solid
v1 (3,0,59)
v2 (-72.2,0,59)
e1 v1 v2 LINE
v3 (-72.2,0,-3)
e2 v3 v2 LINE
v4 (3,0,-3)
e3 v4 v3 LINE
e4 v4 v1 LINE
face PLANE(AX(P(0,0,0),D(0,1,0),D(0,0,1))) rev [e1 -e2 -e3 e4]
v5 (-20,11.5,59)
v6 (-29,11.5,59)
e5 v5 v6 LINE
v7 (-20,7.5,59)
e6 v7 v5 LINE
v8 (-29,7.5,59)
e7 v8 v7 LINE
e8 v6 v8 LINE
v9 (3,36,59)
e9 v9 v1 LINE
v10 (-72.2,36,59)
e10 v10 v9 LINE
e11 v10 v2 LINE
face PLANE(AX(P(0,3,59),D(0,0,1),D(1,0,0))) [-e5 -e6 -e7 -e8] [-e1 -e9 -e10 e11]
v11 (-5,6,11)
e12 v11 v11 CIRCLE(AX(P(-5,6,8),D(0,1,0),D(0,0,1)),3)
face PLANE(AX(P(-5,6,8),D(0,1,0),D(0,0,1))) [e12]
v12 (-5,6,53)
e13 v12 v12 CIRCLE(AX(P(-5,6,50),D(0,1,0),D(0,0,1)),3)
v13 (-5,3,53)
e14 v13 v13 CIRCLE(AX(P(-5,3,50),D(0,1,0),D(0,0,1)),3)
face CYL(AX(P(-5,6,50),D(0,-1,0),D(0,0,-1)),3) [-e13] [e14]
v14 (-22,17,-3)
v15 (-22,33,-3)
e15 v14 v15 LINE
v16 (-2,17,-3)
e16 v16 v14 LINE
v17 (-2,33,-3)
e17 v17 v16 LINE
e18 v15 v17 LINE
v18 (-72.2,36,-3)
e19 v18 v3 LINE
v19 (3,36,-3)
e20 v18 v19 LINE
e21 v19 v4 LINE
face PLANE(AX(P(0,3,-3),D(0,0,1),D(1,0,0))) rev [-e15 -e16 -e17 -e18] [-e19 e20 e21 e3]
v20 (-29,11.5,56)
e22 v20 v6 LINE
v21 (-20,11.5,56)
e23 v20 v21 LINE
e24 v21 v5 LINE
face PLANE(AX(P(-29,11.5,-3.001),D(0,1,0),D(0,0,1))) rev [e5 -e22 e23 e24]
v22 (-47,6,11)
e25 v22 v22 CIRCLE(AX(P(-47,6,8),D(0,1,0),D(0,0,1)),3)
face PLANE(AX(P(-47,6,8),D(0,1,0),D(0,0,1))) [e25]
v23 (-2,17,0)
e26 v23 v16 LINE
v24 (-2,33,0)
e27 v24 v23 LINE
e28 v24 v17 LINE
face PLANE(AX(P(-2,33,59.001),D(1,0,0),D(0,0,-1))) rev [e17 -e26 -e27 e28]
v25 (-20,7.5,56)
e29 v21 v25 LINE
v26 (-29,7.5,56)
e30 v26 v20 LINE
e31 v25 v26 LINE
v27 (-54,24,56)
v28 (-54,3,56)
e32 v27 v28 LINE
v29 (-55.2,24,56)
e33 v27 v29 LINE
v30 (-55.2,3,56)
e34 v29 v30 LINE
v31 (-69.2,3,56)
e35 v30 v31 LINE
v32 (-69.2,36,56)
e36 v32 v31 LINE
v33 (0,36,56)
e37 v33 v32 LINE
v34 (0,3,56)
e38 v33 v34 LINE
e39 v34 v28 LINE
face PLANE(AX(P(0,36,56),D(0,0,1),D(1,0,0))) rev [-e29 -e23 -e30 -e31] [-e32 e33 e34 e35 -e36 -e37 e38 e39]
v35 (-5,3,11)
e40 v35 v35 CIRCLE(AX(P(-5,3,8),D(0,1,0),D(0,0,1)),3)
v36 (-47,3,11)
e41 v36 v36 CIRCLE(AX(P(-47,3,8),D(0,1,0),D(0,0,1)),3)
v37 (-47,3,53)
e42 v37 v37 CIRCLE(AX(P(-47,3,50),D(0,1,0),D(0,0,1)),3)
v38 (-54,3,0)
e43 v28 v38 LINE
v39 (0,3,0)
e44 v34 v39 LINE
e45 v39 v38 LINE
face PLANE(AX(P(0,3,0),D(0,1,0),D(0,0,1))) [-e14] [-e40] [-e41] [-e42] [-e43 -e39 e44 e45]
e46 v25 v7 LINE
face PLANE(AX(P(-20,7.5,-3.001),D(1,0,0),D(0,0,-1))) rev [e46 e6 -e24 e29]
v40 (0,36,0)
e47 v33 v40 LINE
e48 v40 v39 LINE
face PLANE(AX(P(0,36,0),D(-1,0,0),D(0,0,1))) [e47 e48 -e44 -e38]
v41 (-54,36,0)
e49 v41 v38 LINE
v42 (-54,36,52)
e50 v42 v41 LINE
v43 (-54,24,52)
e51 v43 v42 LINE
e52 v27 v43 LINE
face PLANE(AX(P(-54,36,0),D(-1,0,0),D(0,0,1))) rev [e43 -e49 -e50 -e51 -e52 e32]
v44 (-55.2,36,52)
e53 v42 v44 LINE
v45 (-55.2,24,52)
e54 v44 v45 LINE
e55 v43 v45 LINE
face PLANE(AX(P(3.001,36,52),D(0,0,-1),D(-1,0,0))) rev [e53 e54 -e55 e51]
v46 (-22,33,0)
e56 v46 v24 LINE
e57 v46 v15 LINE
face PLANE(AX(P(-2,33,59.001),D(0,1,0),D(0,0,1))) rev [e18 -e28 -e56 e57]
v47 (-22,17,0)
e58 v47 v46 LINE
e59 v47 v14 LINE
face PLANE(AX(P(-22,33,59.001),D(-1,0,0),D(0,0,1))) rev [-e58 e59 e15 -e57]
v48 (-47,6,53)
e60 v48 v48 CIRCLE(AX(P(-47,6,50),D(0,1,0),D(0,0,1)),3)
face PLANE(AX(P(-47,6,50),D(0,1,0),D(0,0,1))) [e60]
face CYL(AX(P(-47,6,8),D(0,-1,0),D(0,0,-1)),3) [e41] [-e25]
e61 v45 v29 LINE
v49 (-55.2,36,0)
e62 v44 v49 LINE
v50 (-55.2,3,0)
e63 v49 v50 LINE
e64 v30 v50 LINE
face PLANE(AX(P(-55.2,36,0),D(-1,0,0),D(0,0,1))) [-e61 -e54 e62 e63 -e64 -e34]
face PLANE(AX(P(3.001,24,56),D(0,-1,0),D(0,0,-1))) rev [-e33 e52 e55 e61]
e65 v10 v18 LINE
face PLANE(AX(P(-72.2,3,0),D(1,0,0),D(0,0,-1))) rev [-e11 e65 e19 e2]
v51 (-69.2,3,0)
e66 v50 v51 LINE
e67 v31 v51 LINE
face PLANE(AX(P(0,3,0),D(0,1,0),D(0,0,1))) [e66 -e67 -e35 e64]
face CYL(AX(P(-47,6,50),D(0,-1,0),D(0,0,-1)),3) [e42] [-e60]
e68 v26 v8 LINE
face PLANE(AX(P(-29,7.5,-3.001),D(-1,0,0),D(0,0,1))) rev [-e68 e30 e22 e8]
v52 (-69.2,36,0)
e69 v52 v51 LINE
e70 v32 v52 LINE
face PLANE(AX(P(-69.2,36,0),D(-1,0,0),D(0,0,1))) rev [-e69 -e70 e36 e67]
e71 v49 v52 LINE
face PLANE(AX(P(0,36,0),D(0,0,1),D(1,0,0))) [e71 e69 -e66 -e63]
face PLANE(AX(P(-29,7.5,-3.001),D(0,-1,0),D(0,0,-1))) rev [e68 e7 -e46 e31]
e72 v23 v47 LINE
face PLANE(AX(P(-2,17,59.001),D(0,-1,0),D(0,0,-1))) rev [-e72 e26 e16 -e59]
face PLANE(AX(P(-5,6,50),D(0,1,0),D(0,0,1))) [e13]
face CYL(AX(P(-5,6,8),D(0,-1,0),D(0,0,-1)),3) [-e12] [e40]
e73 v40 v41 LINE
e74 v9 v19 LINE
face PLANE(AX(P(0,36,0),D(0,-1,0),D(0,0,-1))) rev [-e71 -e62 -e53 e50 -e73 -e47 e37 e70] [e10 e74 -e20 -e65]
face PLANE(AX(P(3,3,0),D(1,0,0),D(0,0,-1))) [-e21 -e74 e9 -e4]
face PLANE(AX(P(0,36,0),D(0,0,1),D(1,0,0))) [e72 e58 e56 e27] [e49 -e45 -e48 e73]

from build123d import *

# Parameters (mm, degrees)
SKETCH1_W           = 75.2
SKETCH1_H           = 62
SKETCH1_W_2         = 54
SKETCH1_H_2         = 56
SKETCH1_R           = 3
SKETCH1_W_3         = 1.2
SKETCH1_W_4         = 14
BOSS_EXTRUDE1_DEPTH = 3
BOSS_EXTRUDE2_START = 3
SKETCH1_3_R         = 3
BOSS_EXTRUDE2_DEPTH = 3
BOSS_EXTRUDE3_START = 3
SKETCH1_4_W         = 75.2
SKETCH1_4_H         = 62
SKETCH1_4_W_2       = 1.2
SKETCH1_4_H_2       = 56
BOSS_EXTRUDE3_DEPTH = 33
CUT_EXTRUDE1_REACH  = 103.749
SKETCH2_W           = 9
SKETCH2_H           = 4
CUT_EXTRUDE2_REACH  = 92.356
SKETCH3_W           = 4
SKETCH3_H           = 12
CUT_EXTRUDE3_REACH  = 103.749
SKETCH4_W           = 20
SKETCH4_H           = 16


with BuildPart() as part:
    # Sketch1 → Boss-Extrude1 (new body)
    with BuildSketch(Plane(origin=(0, 0, 0), x_dir=(1, 0, 0), z_dir=(0, 1, 0))):
        with Locations((-34.6, -28)):
            Rectangle(SKETCH1_W, SKETCH1_H)
        Polygon((-55.2, -56), (-54, -56), (0, -56), (0, 0), (-54, 0), (-55.2, 0), (-69.2, 0), (-69.2, -56), align=None, mode=Mode.SUBTRACT)
        with Locations((-27, -28)):
            Rectangle(SKETCH1_W_2, SKETCH1_H_2)
        with Locations((-47, -50)):
            Circle(SKETCH1_R, mode=Mode.SUBTRACT)
        with Locations((-5, -50)):
            Circle(SKETCH1_R, mode=Mode.SUBTRACT)
        with Locations((-5, -8)):
            Circle(SKETCH1_R, mode=Mode.SUBTRACT)
        with Locations((-47, -8)):
            Circle(SKETCH1_R, mode=Mode.SUBTRACT)
        with Locations((-47, -50)):
            Circle(SKETCH1_R)
        with Locations((-5, -50)):
            Circle(SKETCH1_R)
        with Locations((-5, -8)):
            Circle(SKETCH1_R)
        with Locations((-47, -8)):
            Circle(SKETCH1_R)
        with Locations((-54.6, -28)):
            Rectangle(SKETCH1_W_3, SKETCH1_H_2)
        with Locations((-62.2, -28)):
            Rectangle(SKETCH1_W_4, SKETCH1_H_2)
    extrude(amount=BOSS_EXTRUDE1_DEPTH)

    # Sketch1<3> → Boss-Extrude2 (add)
    with BuildSketch(Plane(origin=(0, 0, 0), x_dir=(1, 0, 0), z_dir=(0, 1, 0)).offset(BOSS_EXTRUDE2_START)):
        with Locations(Location((-47, -50, 0), (0, 0, 270))):
            Circle(SKETCH1_3_R)
        with Locations(Location((-5, -50, 0), (0, 0, 270))):
            Circle(SKETCH1_3_R)
        with Locations(Location((-5, -8, 0), (0, 0, 270))):
            Circle(SKETCH1_3_R)
        with Locations(Location((-47, -8, 0), (0, 0, 270))):
            Circle(SKETCH1_3_R)
    extrude(amount=BOSS_EXTRUDE2_DEPTH)

    # Sketch1<4> → Boss-Extrude3 (add)
    with BuildSketch(Plane(origin=(0, 0, 0), x_dir=(1, 0, 0), z_dir=(0, 1, 0)).offset(BOSS_EXTRUDE3_START)):
        with Locations((-34.6, -28)):
            Rectangle(SKETCH1_4_W, SKETCH1_4_H)
        Polygon((-55.2, -56), (-54, -56), (0, -56), (0, 0), (-54, 0), (-55.2, 0), (-69.2, 0), (-69.2, -56), align=None, mode=Mode.SUBTRACT)
        with Locations((-54.6, -28)):
            Rectangle(SKETCH1_4_W_2, SKETCH1_4_H_2)
    extrude(amount=BOSS_EXTRUDE3_DEPTH)

    # Sketch2 → Cut-Extrude1 (cut, up to next)
    with BuildSketch(Plane.XY.offset(59), mode=Mode.PRIVATE) as cut_extrude1_sk1:
        with Locations((-24.5, 9.5)):
            Rectangle(SKETCH2_W, SKETCH2_H)
    cut_extrude1_tool1 = extrude(cut_extrude1_sk1.sketch, amount=-CUT_EXTRUDE1_REACH, mode=Mode.PRIVATE) & part.part
    add(cut_extrude1_tool1.solids().sort_by_distance((-24.5, 9.5, 59))[0], mode=Mode.SUBTRACT)

    # Sketch3 → Cut-Extrude2 (cut, up to next)
    with BuildSketch(Plane.ZY.offset(55.2), mode=Mode.PRIVATE) as cut_extrude2_sk1:
        with Locations((54, 30)):
            Rectangle(SKETCH3_W, SKETCH3_H)
    cut_extrude2_tool1 = extrude(cut_extrude2_sk1.sketch, amount=-CUT_EXTRUDE2_REACH, mode=Mode.PRIVATE) & part.part
    add(cut_extrude2_tool1.solids().sort_by_distance((-55.2, 30, 54))[0], mode=Mode.SUBTRACT)

    # Sketch4 → Cut-Extrude3 (cut, up to next)
    with BuildSketch(Plane(origin=(0, 0, -3), x_dir=(-1, 0, 0), z_dir=(0, 0, -1)), mode=Mode.PRIVATE) as cut_extrude3_sk1:
        with Locations((12, 25)):
            Rectangle(SKETCH4_W, SKETCH4_H)
    cut_extrude3_tool1 = extrude(cut_extrude3_sk1.sketch, amount=-CUT_EXTRUDE3_REACH, mode=Mode.PRIVATE) & part.part
    add(cut_extrude3_tool1.solids().sort_by_distance((-12, 25, -3))[0], mode=Mode.SUBTRACT)


solid = part.part
